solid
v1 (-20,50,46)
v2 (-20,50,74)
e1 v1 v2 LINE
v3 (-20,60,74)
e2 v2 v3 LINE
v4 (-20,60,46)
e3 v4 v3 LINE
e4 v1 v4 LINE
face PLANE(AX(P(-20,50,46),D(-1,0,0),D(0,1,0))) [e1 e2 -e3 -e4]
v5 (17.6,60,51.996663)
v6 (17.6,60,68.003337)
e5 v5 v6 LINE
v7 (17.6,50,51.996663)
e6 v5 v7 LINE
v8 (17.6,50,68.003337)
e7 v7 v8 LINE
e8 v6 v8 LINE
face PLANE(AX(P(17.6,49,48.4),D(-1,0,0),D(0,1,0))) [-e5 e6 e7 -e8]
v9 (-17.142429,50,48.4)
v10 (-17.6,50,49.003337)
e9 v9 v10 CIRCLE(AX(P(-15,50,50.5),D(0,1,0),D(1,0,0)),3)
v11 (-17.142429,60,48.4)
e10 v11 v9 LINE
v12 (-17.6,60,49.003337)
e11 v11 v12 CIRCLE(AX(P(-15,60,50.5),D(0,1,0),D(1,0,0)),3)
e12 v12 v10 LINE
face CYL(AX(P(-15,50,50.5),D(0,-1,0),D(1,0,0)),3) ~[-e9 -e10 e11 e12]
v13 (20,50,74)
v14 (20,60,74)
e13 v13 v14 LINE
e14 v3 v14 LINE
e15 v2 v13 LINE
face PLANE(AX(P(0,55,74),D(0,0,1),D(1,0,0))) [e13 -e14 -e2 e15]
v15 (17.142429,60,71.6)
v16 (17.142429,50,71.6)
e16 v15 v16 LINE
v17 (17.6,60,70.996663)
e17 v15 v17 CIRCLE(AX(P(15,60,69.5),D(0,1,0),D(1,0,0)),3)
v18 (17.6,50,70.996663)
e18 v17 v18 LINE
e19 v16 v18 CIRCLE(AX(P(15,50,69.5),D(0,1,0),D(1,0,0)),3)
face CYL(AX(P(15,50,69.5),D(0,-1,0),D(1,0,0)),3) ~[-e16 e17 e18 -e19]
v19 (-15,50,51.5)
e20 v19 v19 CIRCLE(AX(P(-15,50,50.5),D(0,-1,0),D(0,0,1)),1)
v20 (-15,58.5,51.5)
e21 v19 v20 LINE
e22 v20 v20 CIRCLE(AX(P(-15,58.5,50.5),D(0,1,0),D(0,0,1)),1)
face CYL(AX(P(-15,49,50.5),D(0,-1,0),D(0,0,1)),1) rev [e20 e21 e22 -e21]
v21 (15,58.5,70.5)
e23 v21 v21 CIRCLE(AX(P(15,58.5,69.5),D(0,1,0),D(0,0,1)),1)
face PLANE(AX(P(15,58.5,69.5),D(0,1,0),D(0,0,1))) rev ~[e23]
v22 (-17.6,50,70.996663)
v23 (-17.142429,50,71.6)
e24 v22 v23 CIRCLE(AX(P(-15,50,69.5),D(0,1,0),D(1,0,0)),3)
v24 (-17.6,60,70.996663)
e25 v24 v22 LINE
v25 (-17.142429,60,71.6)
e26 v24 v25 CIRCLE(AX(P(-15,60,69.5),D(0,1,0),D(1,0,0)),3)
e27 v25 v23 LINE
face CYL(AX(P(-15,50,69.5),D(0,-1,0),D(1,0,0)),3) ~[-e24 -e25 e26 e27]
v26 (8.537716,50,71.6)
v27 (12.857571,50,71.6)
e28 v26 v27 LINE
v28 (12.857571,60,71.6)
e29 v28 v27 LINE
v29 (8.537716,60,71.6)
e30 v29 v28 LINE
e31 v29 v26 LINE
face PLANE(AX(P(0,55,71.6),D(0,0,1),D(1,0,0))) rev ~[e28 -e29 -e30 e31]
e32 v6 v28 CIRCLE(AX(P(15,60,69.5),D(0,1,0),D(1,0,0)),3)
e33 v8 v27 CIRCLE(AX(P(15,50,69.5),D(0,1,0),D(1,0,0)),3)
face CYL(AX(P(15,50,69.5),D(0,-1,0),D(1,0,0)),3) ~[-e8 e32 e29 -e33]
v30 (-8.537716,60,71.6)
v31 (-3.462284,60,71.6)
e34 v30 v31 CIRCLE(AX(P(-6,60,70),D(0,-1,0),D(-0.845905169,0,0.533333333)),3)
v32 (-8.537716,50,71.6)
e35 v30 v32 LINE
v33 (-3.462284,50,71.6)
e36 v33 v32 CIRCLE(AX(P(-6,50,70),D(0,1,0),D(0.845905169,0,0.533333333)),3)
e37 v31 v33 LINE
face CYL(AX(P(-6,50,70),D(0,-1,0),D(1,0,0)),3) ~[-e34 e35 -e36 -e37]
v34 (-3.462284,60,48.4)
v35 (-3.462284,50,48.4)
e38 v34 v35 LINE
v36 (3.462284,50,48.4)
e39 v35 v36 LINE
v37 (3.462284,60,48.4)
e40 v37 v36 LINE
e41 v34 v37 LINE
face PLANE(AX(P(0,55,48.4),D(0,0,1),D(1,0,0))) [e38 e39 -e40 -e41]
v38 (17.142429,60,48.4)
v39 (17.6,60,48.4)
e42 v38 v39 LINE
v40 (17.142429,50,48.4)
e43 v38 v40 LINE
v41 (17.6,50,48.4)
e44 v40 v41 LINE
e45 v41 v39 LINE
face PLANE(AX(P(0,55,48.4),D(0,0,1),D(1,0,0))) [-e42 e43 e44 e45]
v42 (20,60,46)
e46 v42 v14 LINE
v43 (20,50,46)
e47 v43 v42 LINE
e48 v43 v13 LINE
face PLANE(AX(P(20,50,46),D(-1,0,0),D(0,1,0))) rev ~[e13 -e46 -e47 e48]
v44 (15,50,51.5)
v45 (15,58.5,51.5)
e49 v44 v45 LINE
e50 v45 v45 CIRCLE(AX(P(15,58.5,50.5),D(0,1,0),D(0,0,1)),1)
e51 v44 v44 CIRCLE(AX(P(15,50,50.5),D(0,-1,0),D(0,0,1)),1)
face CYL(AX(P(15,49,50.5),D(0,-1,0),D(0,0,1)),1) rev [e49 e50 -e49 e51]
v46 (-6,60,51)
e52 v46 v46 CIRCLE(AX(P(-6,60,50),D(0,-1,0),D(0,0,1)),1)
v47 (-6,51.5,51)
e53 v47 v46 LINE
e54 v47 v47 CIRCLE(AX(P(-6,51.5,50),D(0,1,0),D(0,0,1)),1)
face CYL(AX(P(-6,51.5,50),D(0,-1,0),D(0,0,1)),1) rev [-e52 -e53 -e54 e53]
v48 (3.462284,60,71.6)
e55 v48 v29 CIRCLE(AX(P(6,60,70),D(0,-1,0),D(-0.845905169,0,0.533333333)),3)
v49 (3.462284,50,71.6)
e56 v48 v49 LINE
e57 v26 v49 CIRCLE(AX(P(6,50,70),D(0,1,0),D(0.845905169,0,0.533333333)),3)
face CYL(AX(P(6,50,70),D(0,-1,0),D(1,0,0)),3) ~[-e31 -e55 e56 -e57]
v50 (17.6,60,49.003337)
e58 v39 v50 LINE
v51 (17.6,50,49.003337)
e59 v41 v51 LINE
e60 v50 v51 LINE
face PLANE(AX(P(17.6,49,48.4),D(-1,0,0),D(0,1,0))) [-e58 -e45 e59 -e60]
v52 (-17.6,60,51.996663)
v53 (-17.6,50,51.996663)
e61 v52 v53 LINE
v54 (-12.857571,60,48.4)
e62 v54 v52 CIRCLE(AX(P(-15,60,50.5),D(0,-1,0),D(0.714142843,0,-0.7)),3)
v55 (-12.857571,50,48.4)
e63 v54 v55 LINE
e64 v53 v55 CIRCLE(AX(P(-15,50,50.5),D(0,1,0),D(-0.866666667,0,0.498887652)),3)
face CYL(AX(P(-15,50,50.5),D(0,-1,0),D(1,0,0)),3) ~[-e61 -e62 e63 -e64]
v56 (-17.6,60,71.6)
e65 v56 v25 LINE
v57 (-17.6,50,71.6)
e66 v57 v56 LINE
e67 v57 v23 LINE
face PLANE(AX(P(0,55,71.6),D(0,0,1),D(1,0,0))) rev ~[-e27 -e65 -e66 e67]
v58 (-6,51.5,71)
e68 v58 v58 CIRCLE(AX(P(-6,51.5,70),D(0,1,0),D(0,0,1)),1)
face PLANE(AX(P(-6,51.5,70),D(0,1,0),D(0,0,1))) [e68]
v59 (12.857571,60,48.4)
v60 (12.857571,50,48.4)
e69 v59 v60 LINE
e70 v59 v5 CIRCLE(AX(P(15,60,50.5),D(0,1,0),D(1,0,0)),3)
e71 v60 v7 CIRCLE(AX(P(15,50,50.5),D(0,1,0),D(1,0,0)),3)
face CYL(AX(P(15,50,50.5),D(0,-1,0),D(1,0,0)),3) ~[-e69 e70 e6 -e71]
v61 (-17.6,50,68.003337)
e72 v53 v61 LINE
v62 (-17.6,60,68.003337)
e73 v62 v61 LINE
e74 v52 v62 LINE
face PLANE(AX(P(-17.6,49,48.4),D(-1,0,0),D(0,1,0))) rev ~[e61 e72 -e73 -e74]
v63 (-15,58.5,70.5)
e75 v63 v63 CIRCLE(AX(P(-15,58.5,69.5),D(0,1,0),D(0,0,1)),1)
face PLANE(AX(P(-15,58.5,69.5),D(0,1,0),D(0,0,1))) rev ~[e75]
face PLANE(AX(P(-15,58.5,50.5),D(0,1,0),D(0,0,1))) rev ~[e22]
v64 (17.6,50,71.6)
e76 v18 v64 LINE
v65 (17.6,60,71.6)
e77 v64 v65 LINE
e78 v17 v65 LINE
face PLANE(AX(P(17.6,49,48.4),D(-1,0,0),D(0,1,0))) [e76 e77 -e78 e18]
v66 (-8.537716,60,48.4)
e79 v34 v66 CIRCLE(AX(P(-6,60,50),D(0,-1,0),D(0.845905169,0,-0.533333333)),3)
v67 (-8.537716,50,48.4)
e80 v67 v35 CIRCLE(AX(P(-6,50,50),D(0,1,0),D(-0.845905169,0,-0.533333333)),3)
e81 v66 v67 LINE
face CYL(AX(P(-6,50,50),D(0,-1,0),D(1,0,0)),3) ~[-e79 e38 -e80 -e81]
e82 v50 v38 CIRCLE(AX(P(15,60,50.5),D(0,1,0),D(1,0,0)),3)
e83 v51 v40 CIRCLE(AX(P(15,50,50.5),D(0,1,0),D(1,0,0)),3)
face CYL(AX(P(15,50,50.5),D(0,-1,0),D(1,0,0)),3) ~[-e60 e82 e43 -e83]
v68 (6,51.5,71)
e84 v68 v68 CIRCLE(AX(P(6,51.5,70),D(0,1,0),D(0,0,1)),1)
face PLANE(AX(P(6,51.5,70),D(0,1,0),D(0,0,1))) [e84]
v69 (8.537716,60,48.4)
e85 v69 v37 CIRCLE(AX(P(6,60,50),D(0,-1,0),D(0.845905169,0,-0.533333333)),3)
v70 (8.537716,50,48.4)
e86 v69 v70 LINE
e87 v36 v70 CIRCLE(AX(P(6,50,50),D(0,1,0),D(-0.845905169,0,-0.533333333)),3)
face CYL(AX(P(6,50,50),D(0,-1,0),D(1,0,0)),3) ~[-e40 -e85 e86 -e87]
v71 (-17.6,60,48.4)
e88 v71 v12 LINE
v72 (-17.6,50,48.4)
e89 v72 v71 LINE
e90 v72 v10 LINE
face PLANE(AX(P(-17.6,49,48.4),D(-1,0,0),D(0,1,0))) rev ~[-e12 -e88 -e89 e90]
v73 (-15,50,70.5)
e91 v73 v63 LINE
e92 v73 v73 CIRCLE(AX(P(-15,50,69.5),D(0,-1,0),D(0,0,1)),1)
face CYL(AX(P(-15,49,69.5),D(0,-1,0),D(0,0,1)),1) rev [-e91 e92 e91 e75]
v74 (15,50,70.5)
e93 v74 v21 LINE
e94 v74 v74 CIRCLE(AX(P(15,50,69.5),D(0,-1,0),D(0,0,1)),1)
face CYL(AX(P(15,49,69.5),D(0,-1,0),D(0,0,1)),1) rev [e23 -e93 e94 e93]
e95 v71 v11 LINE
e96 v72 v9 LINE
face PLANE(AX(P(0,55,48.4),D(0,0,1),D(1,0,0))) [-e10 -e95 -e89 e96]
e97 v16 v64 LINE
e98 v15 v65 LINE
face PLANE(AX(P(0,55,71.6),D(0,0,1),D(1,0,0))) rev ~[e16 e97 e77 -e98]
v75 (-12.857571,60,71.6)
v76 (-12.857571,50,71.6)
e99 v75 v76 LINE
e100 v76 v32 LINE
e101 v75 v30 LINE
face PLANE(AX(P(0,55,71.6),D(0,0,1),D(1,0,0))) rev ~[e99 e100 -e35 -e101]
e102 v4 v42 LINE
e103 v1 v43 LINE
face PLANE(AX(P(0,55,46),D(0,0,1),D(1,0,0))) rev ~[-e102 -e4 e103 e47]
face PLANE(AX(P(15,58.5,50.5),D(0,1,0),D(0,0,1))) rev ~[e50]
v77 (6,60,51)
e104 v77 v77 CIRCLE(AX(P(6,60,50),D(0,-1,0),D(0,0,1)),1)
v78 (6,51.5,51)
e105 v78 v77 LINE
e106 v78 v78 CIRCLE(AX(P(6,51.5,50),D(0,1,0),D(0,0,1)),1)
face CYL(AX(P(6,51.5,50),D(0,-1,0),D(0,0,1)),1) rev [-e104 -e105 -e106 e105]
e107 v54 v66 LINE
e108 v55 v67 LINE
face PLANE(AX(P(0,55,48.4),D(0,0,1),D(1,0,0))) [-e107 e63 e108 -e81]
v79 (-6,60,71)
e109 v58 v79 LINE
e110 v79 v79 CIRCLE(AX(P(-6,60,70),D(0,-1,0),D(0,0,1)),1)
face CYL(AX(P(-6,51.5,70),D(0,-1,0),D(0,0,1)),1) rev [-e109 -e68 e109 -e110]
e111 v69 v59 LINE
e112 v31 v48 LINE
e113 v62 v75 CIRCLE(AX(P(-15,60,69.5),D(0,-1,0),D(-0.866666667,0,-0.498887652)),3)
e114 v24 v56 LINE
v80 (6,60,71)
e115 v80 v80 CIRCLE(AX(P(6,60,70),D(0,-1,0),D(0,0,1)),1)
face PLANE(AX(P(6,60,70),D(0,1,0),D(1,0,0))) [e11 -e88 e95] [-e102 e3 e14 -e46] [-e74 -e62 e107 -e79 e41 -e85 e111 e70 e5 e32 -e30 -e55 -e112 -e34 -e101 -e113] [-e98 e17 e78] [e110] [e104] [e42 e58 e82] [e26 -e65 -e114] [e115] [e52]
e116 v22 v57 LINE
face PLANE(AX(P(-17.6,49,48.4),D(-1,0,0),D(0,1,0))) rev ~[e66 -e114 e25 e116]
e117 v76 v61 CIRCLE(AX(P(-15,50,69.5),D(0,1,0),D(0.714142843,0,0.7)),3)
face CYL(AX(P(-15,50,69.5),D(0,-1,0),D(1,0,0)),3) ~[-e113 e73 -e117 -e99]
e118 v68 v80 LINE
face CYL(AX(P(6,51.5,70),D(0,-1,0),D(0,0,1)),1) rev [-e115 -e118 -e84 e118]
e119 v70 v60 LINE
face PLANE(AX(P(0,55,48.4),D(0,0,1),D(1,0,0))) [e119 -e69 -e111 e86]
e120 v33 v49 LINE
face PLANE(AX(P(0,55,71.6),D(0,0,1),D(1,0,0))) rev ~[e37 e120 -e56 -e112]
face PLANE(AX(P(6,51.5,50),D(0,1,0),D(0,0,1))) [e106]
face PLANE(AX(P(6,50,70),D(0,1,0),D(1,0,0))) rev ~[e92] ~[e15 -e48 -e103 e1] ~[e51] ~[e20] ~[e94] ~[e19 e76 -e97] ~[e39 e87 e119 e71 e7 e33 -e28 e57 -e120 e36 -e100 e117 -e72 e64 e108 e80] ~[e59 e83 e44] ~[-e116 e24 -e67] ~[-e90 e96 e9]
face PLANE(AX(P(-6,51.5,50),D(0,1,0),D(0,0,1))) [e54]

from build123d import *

# Parameters (mm, degrees)
BOSS_EXTRUDE1_START  = 46
SKETCH1_W            = 40
SKETCH1_H            = 10
BOSS_EXTRUDE1_DEPTH  = 28
BOSS_EXTRUDE2_START  = 48.4
SKETCH2_W            = 35.2
SKETCH2_H            = 12
BOSS_EXTRUDE2_DEPTH  = 23.2
BOSS_EXTRUDE3_START  = 50
SKETCH3_R            = 3
BOSS_EXTRUDE3_DEPTH  = 10
BOSS_EXTRUDE4_START  = 50
SKETCH4_R            = 3
BOSS_EXTRUDE4_DEPTH  = 10
BOSS_EXTRUDE5_START  = 50
SKETCH5_R            = 3
BOSS_EXTRUDE5_DEPTH  = 10
BOSS_EXTRUDE6_START  = 50
SKETCH6_R            = 3
BOSS_EXTRUDE6_DEPTH  = 10
BOSS_EXTRUDE7_START  = 50
SKETCH7_R            = 3
BOSS_EXTRUDE7_DEPTH  = 10
BOSS_EXTRUDE8_START  = 50
SKETCH8_R            = 3
BOSS_EXTRUDE8_DEPTH  = 10
BOSS_EXTRUDE9_START  = 50
SKETCH9_R            = 3
BOSS_EXTRUDE9_DEPTH  = 10
BOSS_EXTRUDE10_START = 50
SKETCH10_R           = 3
BOSS_EXTRUDE10_DEPTH = 10
BOSS_EXTRUDE11_START = 49
SKETCH11_R           = 1
BOSS_EXTRUDE11_DEPTH = 9.5
BOSS_EXTRUDE12_START = 49
SKETCH12_R           = 1
BOSS_EXTRUDE12_DEPTH = 9.5
BOSS_EXTRUDE13_START = 49
SKETCH13_R           = 1
BOSS_EXTRUDE13_DEPTH = 9.5
BOSS_EXTRUDE14_START = 49
SKETCH14_R           = 1
BOSS_EXTRUDE14_DEPTH = 9.5
BOSS_EXTRUDE15_START = 51.5
SKETCH15_R           = 1
BOSS_EXTRUDE15_DEPTH = 9.5
BOSS_EXTRUDE16_START = 51.5
SKETCH16_R           = 1
BOSS_EXTRUDE16_DEPTH = 9.5
BOSS_EXTRUDE17_START = 51.5
SKETCH17_R           = 1
BOSS_EXTRUDE17_DEPTH = 9.5
BOSS_EXTRUDE18_START = 51.5
SKETCH18_R           = 1
BOSS_EXTRUDE18_DEPTH = 9.5


with BuildPart() as part:
    # Sketch1 → Boss-Extrude1 (new body)
    with BuildSketch(Plane.XY.offset(BOSS_EXTRUDE1_START)):
        with Locations((0, 55)):
            Rectangle(SKETCH1_W, SKETCH1_H)
    extrude(amount=BOSS_EXTRUDE1_DEPTH)


with BuildPart() as body_2:
    # Sketch2 → Boss-Extrude2 (new body)
    with BuildSketch(Plane.XY.offset(BOSS_EXTRUDE2_START)):
        with Locations((0, 55)):
            Rectangle(SKETCH2_W, SKETCH2_H)
    extrude(amount=BOSS_EXTRUDE2_DEPTH)


with BuildPart() as part_1:
    add(part.part)

    # Combine1: cut body 2
    add(body_2.part, mode=Mode.SUBTRACT)

    # Sketch3 → Boss-Extrude3 (add)
    with BuildSketch(Plane(origin=(0, 0, 0), x_dir=(1, 0, 0), z_dir=(0, 1, 0)).offset(BOSS_EXTRUDE3_START)):
        with Locations((-15, -50.5)):
            Circle(SKETCH3_R)
    extrude(amount=BOSS_EXTRUDE3_DEPTH)

    # Sketch4 → Boss-Extrude4 (add)
    with BuildSketch(Plane(origin=(0, 0, 0), x_dir=(1, 0, 0), z_dir=(0, 1, 0)).offset(BOSS_EXTRUDE4_START)):
        with Locations((-15, -69.5)):
            Circle(SKETCH4_R)
    extrude(amount=BOSS_EXTRUDE4_DEPTH)

    # Sketch5 → Boss-Extrude5 (add)
    with BuildSketch(Plane(origin=(0, 0, 0), x_dir=(1, 0, 0), z_dir=(0, 1, 0)).offset(BOSS_EXTRUDE5_START)):
        with Locations((15, -50.5)):
            Circle(SKETCH5_R)
    extrude(amount=BOSS_EXTRUDE5_DEPTH)

    # Sketch6 → Boss-Extrude6 (add)
    with BuildSketch(Plane(origin=(0, 0, 0), x_dir=(1, 0, 0), z_dir=(0, 1, 0)).offset(BOSS_EXTRUDE6_START)):
        with Locations((15, -69.5)):
            Circle(SKETCH6_R)
    extrude(amount=BOSS_EXTRUDE6_DEPTH)

    # Sketch7 → Boss-Extrude7 (add)
    with BuildSketch(Plane(origin=(0, 0, 0), x_dir=(1, 0, 0), z_dir=(0, 1, 0)).offset(BOSS_EXTRUDE7_START)):
        with Locations((-6, -50)):
            Circle(SKETCH7_R)
    extrude(amount=BOSS_EXTRUDE7_DEPTH)

    # Sketch8 → Boss-Extrude8 (add)
    with BuildSketch(Plane(origin=(0, 0, 0), x_dir=(1, 0, 0), z_dir=(0, 1, 0)).offset(BOSS_EXTRUDE8_START)):
        with Locations((-6, -70)):
            Circle(SKETCH8_R)
    extrude(amount=BOSS_EXTRUDE8_DEPTH)

    # Sketch9 → Boss-Extrude9 (add)
    with BuildSketch(Plane(origin=(0, 0, 0), x_dir=(1, 0, 0), z_dir=(0, 1, 0)).offset(BOSS_EXTRUDE9_START)):
        with Locations((6, -50)):
            Circle(SKETCH9_R)
    extrude(amount=BOSS_EXTRUDE9_DEPTH)

    # Sketch10 → Boss-Extrude10 (add)
    with BuildSketch(Plane(origin=(0, 0, 0), x_dir=(1, 0, 0), z_dir=(0, 1, 0)).offset(BOSS_EXTRUDE10_START)):
        with Locations((6, -70)):
            Circle(SKETCH10_R)
    extrude(amount=BOSS_EXTRUDE10_DEPTH)


with BuildPart() as body_2_2:
    # Sketch11 → Boss-Extrude11 (new body)
    with BuildSketch(Plane(origin=(0, 0, 0), x_dir=(1, 0, 0), z_dir=(0, 1, 0)).offset(BOSS_EXTRUDE11_START)):
        with Locations(Location((-15, -50.5, 0), (0, 0, 270))):
            Circle(SKETCH11_R)
    extrude(amount=BOSS_EXTRUDE11_DEPTH)


with BuildPart() as part_2:
    add(part_1.part)

    # Combine2: cut body 2 2
    add(body_2_2.part, mode=Mode.SUBTRACT)


with BuildPart() as body_2_3:
    # Sketch12 → Boss-Extrude12 (new body)
    with BuildSketch(Plane(origin=(0, 0, 0), x_dir=(1, 0, 0), z_dir=(0, 1, 0)).offset(BOSS_EXTRUDE12_START)):
        with Locations(Location((-15, -69.5, 0), (0, 0, 270))):
            Circle(SKETCH12_R)
    extrude(amount=BOSS_EXTRUDE12_DEPTH)


with BuildPart() as part_3:
    add(part_2.part)

    # Combine3: cut body 2 3
    add(body_2_3.part, mode=Mode.SUBTRACT)


with BuildPart() as body_2_4:
    # Sketch13 → Boss-Extrude13 (new body)
    with BuildSketch(Plane(origin=(0, 0, 0), x_dir=(1, 0, 0), z_dir=(0, 1, 0)).offset(BOSS_EXTRUDE13_START)):
        with Locations(Location((15, -50.5, 0), (0, 0, 270))):
            Circle(SKETCH13_R)
    extrude(amount=BOSS_EXTRUDE13_DEPTH)


with BuildPart() as part_4:
    add(part_3.part)

    # Combine4: cut body 2 4
    add(body_2_4.part, mode=Mode.SUBTRACT)


with BuildPart() as body_2_5:
    # Sketch14 → Boss-Extrude14 (new body)
    with BuildSketch(Plane(origin=(0, 0, 0), x_dir=(1, 0, 0), z_dir=(0, 1, 0)).offset(BOSS_EXTRUDE14_START)):
        with Locations(Location((15, -69.5, 0), (0, 0, 270))):
            Circle(SKETCH14_R)
    extrude(amount=BOSS_EXTRUDE14_DEPTH)


with BuildPart() as part_5:
    add(part_4.part)

    # Combine5: cut body 2 5
    add(body_2_5.part, mode=Mode.SUBTRACT)


with BuildPart() as body_2_6:
    # Sketch15 → Boss-Extrude15 (new body)
    with BuildSketch(Plane(origin=(0, 0, 0), x_dir=(1, 0, 0), z_dir=(0, 1, 0)).offset(BOSS_EXTRUDE15_START)):
        with Locations(Location((-6, -50, 0), (0, 0, 270))):
            Circle(SKETCH15_R)
    extrude(amount=BOSS_EXTRUDE15_DEPTH)


with BuildPart() as part_6:
    add(part_5.part)

    # Combine6: cut body 2 6
    add(body_2_6.part, mode=Mode.SUBTRACT)


with BuildPart() as body_2_7:
    # Sketch16 → Boss-Extrude16 (new body)
    with BuildSketch(Plane(origin=(0, 0, 0), x_dir=(1, 0, 0), z_dir=(0, 1, 0)).offset(BOSS_EXTRUDE16_START)):
        with Locations(Location((-6, -70, 0), (0, 0, 270))):
            Circle(SKETCH16_R)
    extrude(amount=BOSS_EXTRUDE16_DEPTH)


with BuildPart() as part_7:
    add(part_6.part)

    # Combine7: cut body 2 7
    add(body_2_7.part, mode=Mode.SUBTRACT)


with BuildPart() as body_2_8:
    # Sketch17 → Boss-Extrude17 (new body)
    with BuildSketch(Plane(origin=(0, 0, 0), x_dir=(1, 0, 0), z_dir=(0, 1, 0)).offset(BOSS_EXTRUDE17_START)):
        with Locations(Location((6, -50, 0), (0, 0, 270))):
            Circle(SKETCH17_R)
    extrude(amount=BOSS_EXTRUDE17_DEPTH)


with BuildPart() as part_8:
    add(part_7.part)

    # Combine8: cut body 2 8
    add(body_2_8.part, mode=Mode.SUBTRACT)


with BuildPart() as body_2_9:
    # Sketch18 → Boss-Extrude18 (new body)
    with BuildSketch(Plane(origin=(0, 0, 0), x_dir=(1, 0, 0), z_dir=(0, 1, 0)).offset(BOSS_EXTRUDE18_START)):
        with Locations(Location((6, -70, 0), (0, 0, 270))):
            Circle(SKETCH18_R)
    extrude(amount=BOSS_EXTRUDE18_DEPTH)


with BuildPart() as part_9:
    add(part_8.part)

    # Combine9: cut body 2 9
    add(body_2_9.part, mode=Mode.SUBTRACT)


solid = part_9.part
